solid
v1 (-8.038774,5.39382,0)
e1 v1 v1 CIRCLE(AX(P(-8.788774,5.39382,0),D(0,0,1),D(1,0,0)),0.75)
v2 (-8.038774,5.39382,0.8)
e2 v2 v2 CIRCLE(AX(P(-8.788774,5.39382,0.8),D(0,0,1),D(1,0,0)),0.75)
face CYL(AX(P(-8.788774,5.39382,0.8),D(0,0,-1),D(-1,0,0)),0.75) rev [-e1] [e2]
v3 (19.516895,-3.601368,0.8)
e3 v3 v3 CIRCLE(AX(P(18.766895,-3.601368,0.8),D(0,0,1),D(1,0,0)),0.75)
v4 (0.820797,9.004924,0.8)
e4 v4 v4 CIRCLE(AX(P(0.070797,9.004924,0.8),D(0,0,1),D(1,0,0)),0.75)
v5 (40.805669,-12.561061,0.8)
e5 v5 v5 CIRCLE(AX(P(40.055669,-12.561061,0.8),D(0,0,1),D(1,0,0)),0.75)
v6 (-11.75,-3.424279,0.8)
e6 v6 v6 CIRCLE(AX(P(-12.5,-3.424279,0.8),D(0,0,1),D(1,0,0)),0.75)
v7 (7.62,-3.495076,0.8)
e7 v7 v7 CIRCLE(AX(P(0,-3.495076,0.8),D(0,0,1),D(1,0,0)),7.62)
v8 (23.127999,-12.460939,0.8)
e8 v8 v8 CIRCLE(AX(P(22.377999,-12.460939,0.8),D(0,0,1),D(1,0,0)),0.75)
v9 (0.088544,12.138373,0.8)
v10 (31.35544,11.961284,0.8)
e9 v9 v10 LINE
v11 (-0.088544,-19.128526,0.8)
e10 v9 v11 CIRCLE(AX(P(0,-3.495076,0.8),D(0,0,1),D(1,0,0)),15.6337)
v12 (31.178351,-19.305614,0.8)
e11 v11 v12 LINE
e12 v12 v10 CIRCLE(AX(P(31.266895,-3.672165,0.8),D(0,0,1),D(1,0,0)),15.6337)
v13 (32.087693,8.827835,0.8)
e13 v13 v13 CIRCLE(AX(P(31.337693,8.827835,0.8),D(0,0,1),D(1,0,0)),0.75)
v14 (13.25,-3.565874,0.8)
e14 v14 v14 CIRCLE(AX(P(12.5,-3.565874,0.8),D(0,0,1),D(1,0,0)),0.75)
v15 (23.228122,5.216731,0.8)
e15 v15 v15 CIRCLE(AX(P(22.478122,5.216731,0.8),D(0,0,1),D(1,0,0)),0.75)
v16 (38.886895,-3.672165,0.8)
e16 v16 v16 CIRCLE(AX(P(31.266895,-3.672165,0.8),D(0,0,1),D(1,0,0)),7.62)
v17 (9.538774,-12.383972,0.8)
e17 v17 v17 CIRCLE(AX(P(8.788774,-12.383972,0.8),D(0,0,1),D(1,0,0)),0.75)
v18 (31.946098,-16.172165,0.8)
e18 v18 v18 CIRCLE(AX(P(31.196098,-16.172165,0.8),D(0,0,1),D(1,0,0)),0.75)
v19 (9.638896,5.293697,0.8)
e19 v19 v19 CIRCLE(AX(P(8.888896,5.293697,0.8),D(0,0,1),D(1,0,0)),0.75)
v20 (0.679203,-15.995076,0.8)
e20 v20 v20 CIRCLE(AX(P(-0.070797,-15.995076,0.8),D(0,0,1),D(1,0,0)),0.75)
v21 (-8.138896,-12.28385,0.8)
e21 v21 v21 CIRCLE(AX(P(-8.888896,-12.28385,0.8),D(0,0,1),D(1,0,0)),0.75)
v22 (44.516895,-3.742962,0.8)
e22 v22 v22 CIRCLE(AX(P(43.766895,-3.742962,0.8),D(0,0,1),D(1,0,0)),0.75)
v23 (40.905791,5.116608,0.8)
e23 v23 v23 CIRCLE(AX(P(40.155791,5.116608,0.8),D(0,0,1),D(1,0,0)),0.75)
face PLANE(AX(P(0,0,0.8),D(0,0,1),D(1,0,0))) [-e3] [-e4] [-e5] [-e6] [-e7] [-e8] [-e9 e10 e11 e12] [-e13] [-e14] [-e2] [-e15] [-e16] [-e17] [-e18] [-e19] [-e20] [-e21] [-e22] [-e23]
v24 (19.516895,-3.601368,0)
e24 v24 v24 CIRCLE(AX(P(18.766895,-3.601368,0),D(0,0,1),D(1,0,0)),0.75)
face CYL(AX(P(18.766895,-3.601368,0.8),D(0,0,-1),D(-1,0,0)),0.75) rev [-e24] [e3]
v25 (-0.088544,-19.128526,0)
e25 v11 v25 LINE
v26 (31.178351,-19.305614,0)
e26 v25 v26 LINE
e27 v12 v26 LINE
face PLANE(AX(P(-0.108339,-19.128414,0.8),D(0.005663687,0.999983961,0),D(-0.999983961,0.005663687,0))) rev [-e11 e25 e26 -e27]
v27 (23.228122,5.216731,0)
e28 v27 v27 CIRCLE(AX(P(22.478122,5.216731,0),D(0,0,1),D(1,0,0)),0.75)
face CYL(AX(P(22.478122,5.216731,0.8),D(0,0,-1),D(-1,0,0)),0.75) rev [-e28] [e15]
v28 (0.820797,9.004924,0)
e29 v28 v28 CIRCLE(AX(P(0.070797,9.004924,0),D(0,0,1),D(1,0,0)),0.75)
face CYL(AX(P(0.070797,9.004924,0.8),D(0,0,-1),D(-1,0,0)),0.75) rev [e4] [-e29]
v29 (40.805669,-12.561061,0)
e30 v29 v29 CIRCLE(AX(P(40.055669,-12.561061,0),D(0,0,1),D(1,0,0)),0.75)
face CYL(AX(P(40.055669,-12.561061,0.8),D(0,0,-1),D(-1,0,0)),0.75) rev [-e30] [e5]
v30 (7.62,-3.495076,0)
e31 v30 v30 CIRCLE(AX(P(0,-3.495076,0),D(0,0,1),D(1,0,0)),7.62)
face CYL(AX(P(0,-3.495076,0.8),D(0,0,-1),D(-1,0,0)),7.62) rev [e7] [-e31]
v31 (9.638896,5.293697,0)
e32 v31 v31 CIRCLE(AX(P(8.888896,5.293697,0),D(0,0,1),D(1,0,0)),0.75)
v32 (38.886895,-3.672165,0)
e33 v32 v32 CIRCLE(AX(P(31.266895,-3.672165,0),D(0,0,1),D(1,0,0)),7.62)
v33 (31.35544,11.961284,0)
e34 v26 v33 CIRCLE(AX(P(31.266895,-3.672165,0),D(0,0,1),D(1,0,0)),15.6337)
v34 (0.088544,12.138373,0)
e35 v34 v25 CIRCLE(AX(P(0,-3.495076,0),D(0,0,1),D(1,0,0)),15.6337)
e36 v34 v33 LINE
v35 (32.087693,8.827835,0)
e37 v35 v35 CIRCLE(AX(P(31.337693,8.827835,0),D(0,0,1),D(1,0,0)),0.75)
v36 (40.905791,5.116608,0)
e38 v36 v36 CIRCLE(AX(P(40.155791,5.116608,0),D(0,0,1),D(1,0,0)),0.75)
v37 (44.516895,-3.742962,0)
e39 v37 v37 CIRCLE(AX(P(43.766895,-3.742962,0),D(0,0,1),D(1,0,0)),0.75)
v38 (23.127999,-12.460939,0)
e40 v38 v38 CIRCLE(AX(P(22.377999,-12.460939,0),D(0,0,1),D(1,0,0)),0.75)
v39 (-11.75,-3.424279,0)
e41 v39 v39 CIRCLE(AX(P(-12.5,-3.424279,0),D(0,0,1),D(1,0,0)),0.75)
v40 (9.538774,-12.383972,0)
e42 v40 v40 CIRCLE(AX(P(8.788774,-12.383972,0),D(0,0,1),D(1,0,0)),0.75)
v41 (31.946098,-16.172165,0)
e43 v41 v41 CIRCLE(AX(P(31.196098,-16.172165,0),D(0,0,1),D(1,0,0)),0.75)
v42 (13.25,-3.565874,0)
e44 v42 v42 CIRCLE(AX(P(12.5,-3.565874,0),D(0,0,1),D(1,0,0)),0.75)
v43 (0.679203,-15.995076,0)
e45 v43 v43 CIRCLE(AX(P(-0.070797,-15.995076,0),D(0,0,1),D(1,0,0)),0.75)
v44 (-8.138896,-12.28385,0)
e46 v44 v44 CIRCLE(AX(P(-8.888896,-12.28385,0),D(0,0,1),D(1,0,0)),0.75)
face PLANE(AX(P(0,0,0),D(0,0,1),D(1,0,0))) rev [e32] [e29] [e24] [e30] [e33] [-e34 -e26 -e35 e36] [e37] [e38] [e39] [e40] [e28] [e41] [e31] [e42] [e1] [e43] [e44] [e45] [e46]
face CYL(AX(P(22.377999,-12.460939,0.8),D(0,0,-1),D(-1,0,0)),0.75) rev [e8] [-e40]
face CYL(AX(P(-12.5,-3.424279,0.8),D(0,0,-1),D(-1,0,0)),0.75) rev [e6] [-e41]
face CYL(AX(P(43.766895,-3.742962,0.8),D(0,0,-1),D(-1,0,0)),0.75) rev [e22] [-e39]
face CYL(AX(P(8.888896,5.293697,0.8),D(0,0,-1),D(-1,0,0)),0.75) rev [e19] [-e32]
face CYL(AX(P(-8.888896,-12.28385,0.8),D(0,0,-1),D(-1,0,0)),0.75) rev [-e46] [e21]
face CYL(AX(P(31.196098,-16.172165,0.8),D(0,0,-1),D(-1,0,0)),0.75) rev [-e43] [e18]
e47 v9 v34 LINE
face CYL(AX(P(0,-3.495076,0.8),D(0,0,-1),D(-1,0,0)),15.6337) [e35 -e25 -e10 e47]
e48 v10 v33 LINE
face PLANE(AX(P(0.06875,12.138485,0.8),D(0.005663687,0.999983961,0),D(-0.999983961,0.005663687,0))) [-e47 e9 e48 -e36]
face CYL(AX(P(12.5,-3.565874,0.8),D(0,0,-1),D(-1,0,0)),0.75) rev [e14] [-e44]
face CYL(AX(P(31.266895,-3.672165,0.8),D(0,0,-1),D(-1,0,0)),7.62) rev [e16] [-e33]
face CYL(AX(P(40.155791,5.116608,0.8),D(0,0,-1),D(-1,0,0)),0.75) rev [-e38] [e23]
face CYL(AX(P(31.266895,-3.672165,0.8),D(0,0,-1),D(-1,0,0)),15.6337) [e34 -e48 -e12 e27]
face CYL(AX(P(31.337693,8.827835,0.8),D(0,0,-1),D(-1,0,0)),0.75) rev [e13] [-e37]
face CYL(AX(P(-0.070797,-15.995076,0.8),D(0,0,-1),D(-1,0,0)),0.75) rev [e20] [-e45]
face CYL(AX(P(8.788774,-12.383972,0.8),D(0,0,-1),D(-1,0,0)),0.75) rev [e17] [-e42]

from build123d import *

# Parameters (mm, degrees)
SKETCH1_R           = 0.75
SKETCH1_R_2         = 7.62
BOSS_EXTRUDE1_DEPTH = 0.8


with BuildPart() as part:
    # Sketch1 → Boss-Extrude1 (new body)
    with BuildSketch(Plane.XY):
        with BuildLine():
            Line((-0.08854439, -19.128525646), (31.178350927, -19.305614409))
            ThreePointArc((31.178350927, -19.305614409), (46.900344572, -3.760709545), (31.355439708, 11.961284099))
            Line((31.355439708, 11.961284099), (0.08854439, 12.138372862))
            ThreePointArc((0.08854439, 12.138372862), (-15.633449254, -3.406532002), (-0.08854439, -19.128525646))
        make_face()
        with Locations((12.5, -3.565873621)):
            Circle(SKETCH1_R, mode=Mode.SUBTRACT)
        with Locations((0, -3.495076392)):
            Circle(SKETCH1_R_2, mode=Mode.SUBTRACT)
        with Locations((-12.5, -3.424279164)):
            Circle(SKETCH1_R, mode=Mode.SUBTRACT)
        with Locations((18.766895317, -3.601367926)):
            Circle(SKETCH1_R, mode=Mode.SUBTRACT)
        with Locations((31.266895317, -3.672165155)):
            Circle(SKETCH1_R_2, mode=Mode.SUBTRACT)
        with Locations((43.766895317, -3.742962383)):
            Circle(SKETCH1_R, mode=Mode.SUBTRACT)
        with Locations((31.196098089, -16.172165155)):
            Circle(SKETCH1_R, mode=Mode.SUBTRACT)
        with Locations((22.377999352, -12.460938719)):
            Circle(SKETCH1_R, mode=Mode.SUBTRACT)
        with Locations((40.055668882, -12.56106112)):
            Circle(SKETCH1_R, mode=Mode.SUBTRACT)
        with Locations((22.478121753, 5.21673081)):
            Circle(SKETCH1_R, mode=Mode.SUBTRACT)
        with Locations((40.155791283, 5.11660841)):
            Circle(SKETCH1_R, mode=Mode.SUBTRACT)
        with Locations((31.337692546, 8.827834845)):
            Circle(SKETCH1_R, mode=Mode.SUBTRACT)
        with Locations((8.788773564, -12.383972357)):
            Circle(SKETCH1_R, mode=Mode.SUBTRACT)
        with Locations((-0.070797229, -15.995076392)):
            Circle(SKETCH1_R, mode=Mode.SUBTRACT)
        with Locations((-8.888895965, -12.283849957)):
            Circle(SKETCH1_R, mode=Mode.SUBTRACT)
        with Locations((0.070797229, 9.004923608)):
            Circle(SKETCH1_R, mode=Mode.SUBTRACT)
        with Locations((8.888895965, 5.293697172)):
            Circle(SKETCH1_R, mode=Mode.SUBTRACT)
        with Locations((-8.788773564, 5.393819573)):
            Circle(SKETCH1_R, mode=Mode.SUBTRACT)
    extrude(amount=BOSS_EXTRUDE1_DEPTH)


solid = part.part
